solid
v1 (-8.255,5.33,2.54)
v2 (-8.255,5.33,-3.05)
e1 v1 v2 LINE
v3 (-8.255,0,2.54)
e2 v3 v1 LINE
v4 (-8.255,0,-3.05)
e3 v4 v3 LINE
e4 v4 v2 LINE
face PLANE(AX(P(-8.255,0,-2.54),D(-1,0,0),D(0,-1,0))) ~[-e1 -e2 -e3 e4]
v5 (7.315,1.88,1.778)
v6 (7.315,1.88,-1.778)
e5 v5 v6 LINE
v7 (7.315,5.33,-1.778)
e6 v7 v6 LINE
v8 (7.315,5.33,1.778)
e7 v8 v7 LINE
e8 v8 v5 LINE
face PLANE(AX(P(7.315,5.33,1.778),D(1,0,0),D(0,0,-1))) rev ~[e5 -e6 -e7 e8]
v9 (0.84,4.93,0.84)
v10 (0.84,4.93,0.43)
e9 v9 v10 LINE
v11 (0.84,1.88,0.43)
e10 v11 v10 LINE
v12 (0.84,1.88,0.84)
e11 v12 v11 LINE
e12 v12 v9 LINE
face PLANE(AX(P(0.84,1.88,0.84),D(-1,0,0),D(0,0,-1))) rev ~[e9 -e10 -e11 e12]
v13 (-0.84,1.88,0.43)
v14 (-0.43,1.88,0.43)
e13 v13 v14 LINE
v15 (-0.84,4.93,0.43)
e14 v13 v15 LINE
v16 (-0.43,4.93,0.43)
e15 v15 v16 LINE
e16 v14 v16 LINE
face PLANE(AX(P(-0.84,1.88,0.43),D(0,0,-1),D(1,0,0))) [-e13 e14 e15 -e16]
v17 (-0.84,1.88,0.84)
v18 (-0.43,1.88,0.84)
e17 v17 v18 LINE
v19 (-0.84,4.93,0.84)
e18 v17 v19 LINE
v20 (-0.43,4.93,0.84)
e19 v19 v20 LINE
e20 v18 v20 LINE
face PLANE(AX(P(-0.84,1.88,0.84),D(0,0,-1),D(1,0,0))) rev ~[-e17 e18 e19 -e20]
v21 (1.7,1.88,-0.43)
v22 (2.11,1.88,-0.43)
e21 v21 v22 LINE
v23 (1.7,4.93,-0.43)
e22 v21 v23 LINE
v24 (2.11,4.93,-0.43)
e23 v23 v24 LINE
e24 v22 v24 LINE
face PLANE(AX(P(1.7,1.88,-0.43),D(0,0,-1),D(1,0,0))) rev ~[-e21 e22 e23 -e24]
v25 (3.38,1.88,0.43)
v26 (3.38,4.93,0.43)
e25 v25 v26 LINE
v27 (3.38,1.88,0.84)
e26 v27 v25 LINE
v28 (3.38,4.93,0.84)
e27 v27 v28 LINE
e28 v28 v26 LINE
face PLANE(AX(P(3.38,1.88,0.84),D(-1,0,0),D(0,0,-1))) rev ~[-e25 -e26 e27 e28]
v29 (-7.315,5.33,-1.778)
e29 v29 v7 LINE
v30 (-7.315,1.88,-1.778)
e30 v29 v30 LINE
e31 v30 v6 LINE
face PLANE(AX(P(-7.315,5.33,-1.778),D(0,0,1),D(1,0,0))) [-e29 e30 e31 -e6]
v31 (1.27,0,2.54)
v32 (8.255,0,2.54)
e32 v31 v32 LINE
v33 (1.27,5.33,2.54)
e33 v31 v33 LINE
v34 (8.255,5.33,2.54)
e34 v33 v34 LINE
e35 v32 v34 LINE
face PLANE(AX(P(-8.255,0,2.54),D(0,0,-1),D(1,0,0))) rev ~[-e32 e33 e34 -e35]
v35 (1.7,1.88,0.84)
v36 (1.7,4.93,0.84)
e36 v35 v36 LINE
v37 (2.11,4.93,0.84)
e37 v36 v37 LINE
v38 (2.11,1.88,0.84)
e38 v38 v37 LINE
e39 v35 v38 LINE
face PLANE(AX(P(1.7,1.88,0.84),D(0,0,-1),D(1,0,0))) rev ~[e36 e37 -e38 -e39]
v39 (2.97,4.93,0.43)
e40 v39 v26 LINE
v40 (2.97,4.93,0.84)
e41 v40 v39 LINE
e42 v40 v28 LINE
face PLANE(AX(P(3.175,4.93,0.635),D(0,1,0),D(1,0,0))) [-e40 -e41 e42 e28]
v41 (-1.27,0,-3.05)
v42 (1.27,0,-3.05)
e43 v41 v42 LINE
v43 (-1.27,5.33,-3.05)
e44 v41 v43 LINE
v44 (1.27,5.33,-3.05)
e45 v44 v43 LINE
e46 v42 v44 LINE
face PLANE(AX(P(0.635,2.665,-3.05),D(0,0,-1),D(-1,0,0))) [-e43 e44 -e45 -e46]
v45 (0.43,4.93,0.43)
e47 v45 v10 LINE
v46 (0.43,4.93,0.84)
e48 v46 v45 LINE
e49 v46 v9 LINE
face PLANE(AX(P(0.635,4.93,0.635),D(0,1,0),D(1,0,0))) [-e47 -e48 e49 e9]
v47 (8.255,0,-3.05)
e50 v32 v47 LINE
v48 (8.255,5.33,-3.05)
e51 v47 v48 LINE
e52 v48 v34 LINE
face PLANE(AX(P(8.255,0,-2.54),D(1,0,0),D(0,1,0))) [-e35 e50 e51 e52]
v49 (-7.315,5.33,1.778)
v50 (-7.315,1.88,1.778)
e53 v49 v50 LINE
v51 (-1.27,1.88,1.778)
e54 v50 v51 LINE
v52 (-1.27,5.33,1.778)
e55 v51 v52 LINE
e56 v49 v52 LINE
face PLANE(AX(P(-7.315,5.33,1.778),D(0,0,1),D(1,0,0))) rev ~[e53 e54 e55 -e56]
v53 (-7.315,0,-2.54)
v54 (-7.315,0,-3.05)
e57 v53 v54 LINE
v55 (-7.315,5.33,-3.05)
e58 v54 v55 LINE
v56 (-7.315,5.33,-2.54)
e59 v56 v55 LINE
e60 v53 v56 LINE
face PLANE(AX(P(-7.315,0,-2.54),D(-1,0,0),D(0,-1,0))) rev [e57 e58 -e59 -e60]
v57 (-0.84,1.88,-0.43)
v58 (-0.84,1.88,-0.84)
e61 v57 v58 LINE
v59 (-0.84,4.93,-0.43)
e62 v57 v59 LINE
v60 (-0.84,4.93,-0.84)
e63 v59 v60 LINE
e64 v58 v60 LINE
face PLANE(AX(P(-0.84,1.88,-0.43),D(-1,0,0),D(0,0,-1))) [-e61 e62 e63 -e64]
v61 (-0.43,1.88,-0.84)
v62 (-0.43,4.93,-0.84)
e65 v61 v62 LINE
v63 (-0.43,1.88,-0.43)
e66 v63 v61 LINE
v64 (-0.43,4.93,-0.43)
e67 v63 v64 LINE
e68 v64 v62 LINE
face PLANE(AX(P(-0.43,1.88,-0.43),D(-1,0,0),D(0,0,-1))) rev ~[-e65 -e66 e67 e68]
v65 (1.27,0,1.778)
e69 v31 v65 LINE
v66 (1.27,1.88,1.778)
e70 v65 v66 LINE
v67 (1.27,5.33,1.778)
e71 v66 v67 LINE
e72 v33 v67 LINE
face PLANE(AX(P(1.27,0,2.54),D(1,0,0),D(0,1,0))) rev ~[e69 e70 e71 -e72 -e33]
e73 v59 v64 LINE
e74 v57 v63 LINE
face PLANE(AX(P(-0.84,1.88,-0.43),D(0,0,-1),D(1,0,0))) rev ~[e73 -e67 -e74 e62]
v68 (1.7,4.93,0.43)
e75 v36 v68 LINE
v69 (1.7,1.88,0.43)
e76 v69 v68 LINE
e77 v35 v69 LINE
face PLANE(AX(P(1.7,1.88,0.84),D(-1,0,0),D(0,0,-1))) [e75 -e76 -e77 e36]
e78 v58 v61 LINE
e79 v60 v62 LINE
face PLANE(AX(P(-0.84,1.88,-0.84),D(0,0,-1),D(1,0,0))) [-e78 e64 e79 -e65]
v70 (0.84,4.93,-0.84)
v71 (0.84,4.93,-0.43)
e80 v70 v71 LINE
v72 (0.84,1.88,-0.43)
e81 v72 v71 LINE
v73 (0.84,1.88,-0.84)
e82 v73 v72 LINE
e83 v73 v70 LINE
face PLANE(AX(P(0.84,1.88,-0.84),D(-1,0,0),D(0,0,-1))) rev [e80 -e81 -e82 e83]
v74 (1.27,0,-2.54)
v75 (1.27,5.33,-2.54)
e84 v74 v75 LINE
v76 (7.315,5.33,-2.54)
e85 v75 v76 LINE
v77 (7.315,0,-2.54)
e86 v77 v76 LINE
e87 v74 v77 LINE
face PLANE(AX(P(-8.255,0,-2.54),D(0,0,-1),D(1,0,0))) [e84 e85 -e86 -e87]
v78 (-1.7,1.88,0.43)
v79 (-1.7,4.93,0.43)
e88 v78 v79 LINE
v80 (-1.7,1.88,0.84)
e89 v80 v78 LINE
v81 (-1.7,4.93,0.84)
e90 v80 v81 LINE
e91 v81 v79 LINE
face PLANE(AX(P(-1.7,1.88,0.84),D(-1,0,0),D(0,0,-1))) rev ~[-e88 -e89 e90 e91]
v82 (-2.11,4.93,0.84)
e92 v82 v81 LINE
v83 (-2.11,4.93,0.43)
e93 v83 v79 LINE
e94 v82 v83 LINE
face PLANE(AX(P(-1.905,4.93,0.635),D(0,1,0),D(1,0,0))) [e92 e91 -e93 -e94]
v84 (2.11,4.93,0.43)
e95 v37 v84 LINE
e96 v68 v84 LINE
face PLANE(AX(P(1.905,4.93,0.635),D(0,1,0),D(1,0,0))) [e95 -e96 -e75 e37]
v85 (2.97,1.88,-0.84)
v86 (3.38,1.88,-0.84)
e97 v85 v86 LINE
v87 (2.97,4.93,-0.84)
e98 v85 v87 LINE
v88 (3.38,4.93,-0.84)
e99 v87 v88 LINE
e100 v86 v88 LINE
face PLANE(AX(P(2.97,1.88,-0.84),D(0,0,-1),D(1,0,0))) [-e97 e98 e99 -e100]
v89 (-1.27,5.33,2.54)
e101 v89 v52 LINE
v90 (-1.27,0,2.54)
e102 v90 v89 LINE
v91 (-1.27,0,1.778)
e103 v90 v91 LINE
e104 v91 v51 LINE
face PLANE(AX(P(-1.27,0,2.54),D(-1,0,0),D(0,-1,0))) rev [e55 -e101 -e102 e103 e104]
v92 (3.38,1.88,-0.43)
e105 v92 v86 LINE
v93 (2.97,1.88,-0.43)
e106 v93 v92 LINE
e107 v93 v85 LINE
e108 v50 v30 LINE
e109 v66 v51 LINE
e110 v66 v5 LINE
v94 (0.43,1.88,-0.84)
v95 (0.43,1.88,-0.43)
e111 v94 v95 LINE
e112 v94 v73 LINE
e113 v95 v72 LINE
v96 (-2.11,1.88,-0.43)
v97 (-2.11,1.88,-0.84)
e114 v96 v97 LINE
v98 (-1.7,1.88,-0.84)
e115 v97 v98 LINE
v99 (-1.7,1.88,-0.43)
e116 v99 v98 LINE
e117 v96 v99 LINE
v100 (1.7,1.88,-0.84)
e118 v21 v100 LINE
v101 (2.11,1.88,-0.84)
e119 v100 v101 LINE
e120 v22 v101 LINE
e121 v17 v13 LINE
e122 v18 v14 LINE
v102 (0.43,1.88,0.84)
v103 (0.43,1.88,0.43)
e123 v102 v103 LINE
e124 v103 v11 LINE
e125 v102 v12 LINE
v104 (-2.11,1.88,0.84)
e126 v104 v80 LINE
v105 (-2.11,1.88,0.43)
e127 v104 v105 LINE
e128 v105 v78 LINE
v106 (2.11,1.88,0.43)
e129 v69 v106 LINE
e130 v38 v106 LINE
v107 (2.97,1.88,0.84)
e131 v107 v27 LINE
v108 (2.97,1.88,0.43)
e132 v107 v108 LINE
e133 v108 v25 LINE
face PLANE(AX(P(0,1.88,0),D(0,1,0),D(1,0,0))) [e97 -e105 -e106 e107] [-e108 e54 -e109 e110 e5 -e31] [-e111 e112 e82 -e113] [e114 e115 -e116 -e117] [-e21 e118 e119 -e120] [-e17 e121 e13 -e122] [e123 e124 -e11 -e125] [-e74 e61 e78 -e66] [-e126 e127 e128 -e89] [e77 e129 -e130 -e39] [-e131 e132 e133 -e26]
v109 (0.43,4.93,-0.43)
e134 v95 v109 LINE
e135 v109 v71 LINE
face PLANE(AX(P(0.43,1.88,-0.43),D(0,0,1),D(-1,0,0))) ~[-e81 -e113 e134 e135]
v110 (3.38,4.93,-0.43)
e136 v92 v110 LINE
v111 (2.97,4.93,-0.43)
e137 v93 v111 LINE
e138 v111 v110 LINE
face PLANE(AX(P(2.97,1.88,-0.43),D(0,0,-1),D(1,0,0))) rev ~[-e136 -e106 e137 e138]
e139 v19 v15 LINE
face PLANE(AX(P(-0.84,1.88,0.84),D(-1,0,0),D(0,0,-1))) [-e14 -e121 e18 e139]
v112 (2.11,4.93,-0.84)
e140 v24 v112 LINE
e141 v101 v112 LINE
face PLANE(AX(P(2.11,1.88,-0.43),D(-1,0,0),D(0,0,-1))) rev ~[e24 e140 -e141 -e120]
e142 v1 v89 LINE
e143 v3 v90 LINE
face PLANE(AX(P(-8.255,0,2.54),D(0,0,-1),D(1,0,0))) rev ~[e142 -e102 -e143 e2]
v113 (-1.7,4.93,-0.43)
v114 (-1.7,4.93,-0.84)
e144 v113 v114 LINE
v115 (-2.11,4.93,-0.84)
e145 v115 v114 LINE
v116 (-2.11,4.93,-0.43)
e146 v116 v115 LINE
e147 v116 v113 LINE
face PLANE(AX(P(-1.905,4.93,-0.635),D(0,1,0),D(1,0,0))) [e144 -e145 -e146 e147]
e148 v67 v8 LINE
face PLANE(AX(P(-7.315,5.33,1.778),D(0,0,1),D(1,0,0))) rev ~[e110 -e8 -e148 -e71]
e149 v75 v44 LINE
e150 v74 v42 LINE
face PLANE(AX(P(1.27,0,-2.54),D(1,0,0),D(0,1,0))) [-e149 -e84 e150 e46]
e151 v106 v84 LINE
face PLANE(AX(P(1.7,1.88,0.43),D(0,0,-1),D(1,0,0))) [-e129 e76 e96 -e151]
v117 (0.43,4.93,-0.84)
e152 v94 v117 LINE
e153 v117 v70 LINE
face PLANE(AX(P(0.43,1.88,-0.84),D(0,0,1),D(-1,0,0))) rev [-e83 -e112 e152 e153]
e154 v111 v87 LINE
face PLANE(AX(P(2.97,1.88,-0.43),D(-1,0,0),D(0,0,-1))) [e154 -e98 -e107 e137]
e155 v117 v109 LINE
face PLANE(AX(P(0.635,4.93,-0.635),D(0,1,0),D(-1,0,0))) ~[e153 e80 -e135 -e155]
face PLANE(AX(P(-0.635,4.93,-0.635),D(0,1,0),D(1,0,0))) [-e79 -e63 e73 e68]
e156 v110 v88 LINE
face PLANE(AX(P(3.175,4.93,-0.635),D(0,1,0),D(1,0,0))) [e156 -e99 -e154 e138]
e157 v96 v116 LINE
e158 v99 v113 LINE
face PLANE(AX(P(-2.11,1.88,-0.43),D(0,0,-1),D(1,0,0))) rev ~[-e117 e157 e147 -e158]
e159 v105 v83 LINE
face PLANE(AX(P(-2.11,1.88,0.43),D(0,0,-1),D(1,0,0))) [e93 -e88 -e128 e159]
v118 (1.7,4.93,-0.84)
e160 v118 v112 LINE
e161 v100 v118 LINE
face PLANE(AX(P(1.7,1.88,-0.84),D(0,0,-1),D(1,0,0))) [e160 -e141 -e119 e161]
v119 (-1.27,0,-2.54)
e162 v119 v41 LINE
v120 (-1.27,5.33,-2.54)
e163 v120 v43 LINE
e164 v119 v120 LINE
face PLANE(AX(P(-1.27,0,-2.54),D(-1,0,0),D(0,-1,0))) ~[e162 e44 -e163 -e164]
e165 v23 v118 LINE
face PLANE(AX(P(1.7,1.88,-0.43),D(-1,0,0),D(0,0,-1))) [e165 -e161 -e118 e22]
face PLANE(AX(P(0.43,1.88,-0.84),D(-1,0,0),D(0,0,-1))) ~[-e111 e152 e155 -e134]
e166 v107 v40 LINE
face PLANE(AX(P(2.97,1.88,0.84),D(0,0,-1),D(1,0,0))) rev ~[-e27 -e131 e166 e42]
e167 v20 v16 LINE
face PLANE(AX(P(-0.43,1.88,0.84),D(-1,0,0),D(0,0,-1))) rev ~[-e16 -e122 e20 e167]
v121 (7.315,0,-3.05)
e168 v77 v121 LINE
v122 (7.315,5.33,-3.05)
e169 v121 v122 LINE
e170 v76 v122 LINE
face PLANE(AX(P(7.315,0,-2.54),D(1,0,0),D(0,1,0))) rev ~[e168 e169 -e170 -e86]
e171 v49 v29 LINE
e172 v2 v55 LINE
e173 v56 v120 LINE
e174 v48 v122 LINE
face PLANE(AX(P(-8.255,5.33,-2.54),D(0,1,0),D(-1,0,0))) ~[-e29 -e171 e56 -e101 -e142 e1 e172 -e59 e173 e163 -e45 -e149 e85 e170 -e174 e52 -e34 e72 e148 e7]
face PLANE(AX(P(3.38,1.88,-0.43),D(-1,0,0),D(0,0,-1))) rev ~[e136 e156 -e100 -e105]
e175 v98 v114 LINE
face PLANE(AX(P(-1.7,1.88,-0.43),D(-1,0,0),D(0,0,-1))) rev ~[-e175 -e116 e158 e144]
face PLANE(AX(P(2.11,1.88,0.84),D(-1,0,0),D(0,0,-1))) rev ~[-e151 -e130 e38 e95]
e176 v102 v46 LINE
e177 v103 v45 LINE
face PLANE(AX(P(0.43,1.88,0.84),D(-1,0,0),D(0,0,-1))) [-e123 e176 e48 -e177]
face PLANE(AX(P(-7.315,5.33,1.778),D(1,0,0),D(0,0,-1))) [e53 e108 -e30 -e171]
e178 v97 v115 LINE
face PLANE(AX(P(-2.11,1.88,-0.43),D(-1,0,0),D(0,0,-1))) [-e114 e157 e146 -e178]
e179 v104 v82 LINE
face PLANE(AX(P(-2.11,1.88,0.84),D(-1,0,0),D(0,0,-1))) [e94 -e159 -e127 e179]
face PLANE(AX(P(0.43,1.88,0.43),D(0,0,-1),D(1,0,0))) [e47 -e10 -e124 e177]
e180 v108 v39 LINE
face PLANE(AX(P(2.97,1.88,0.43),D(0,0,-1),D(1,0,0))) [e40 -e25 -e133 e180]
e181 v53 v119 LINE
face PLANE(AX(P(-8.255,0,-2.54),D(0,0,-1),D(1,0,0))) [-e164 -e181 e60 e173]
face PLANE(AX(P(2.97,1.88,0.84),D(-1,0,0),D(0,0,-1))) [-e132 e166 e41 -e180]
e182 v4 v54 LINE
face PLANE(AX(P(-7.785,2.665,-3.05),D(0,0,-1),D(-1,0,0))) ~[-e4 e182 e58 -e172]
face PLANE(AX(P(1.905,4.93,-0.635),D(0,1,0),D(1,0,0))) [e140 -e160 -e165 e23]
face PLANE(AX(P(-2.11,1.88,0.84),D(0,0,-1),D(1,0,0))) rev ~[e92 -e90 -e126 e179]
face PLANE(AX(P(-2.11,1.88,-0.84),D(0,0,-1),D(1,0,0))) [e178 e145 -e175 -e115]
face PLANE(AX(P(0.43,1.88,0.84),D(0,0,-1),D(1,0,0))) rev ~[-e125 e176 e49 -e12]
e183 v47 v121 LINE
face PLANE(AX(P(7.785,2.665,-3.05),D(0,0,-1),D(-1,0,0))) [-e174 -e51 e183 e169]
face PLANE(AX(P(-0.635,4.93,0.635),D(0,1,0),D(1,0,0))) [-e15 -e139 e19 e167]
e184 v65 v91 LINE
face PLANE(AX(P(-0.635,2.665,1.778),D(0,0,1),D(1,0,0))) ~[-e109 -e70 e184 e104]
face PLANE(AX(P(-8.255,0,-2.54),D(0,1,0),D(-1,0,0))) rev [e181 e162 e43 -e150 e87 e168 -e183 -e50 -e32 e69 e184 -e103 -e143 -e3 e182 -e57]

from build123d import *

# Parameters (mm, degrees)
SKETCH1_W               = 16.51
SKETCH1_H               = 5.08
BOSS_EXTRUDE1_DEPTH     = 5.33
SKETCH2_W               = 14.63
SKETCH2_H               = 3.556
CUT_EXTRUDE1_DEPTH      = 3.45
SKETCH4_W               = 0.94
SKETCH4_H               = 5.33
SKETCH4_W_2             = 1.27
BOSS_EXTRUDE2_DEPTH     = 0.51
SKETCH5_W               = 1.27
SKETCH5_H               = 5.33
CUT_EXTRUDE2_DEPTH      = 0.762
SKETCH6_W               = 0.41
SKETCH6_H               = 0.41
BOSS_EXTRUDE3_DEPTH     = 3.05
LPATTERN1_COUNT         = 3
LPATTERN1_PITCH         = 1.27
LPATTERN1_COL_COUNT     = 3
LPATTERN1_COL_PITCH     = 1.27
MIRROR2_COPY_1_SKETCH_W = 0.41
MIRROR2_COPY_1_SKETCH_H = 0.41
MIRROR2_COPY_1_DEPTH    = 3.05
MIRROR2_COPY_2_SKETCH_W = 0.41
MIRROR2_COPY_2_SKETCH_H = 0.41
MIRROR2_COPY_2_DEPTH    = 3.05
MIRROR2_COPY_3_SKETCH_W = 0.41
MIRROR2_COPY_3_SKETCH_H = 0.41
MIRROR2_COPY_3_DEPTH    = 3.05
MIRROR2_COPY_4_SKETCH_W = 0.41
MIRROR2_COPY_4_SKETCH_H = 0.41
MIRROR2_COPY_4_DEPTH    = 3.05


with BuildPart() as part:
    # Sketch1 → Boss-Extrude1 (new body)
    with BuildSketch(Plane(origin=(0, 0, 0), x_dir=(1, 0, 0), z_dir=(0, 1, 0))):
        Rectangle(SKETCH1_W, SKETCH1_H)
    extrude(amount=BOSS_EXTRUDE1_DEPTH)

    # Sketch2 → Cut-Extrude1 (cut)
    with BuildSketch(Plane(origin=(0, 5.33, 0), x_dir=(1, 0, 0), z_dir=(0, 1, 0))):
        Rectangle(SKETCH2_W, SKETCH2_H)
    cut_extrude1 = extrude(amount=-CUT_EXTRUDE1_DEPTH, mode=Mode.SUBTRACT)

    # Sketch4 → Boss-Extrude2 (add)
    with BuildSketch(Plane(origin=(0, 0, -2.54), x_dir=(-1, 0, 0), z_dir=(0, 0, -1))):
        with Locations((-7.785, 2.665)):
            Rectangle(SKETCH4_W, SKETCH4_H)
        with Locations((-0.635, 2.665)):
            Rectangle(SKETCH4_W_2, SKETCH4_H)
    boss_extrude2 = extrude(amount=BOSS_EXTRUDE2_DEPTH)

    # Sketch5 → Cut-Extrude2 (cut)
    with BuildSketch(Plane.XY.offset(2.54)):
        with Locations((0.635, 2.665)):
            Rectangle(SKETCH5_W, SKETCH5_H)
    cut_extrude2 = extrude(amount=-CUT_EXTRUDE2_DEPTH, mode=Mode.SUBTRACT)

    # Mirror1: Cut-Extrude1, Boss-Extrude2, Cut-Extrude2 across plane
    add(cut_extrude1.mirror(Plane(origin=(0, 0, 0), x_dir=(0, 0, 1), z_dir=(1, 0, 0))), mode=Mode.SUBTRACT)
    add(boss_extrude2.mirror(Plane(origin=(0, 0, 0), x_dir=(0, 0, 1), z_dir=(1, 0, 0))))
    add(cut_extrude2.mirror(Plane(origin=(0, 0, 0), x_dir=(0, 0, 1), z_dir=(1, 0, 0))), mode=Mode.SUBTRACT)

    # Sketch6 → Boss-Extrude3 (add)
    with BuildSketch(Plane(origin=(0, 1.88, 0), x_dir=(1, 0, 0), z_dir=(0, 1, 0))):
        with Locations((0.635, -0.635)):
            Rectangle(SKETCH6_W, SKETCH6_H)
    boss_extrude3 = extrude(amount=BOSS_EXTRUDE3_DEPTH)

    # LPattern1: Boss-Extrude3 ×3
    with Locations(*[(i * LPATTERN1_PITCH, 0, 0) for i in range(1, LPATTERN1_COUNT)]):
        add(boss_extrude3)

    # LPattern1 col: Boss-Extrude3 ×3
    with Locations(*[(-i * LPATTERN1_COL_PITCH, 0, 0) for i in range(1, LPATTERN1_COL_COUNT)]):
        add(boss_extrude3)

    # Mirror2: Boss-Extrude3 across plane
    add(boss_extrude3.mirror(Plane.XY))

    # Mirror2 copy 1 sketch → Mirror2 copy 1 (add)
    with BuildSketch(Plane(origin=(1.27, 1.88, 0), x_dir=(1, 0, 0), z_dir=(0, 1, 0))):
        with Locations((0.635, 0.635)):
            Rectangle(MIRROR2_COPY_1_SKETCH_W, MIRROR2_COPY_1_SKETCH_H)
    extrude(amount=MIRROR2_COPY_1_DEPTH)

    # Mirror2 copy 2 sketch → Mirror2 copy 2 (add)
    with BuildSketch(Plane(origin=(2.54, 1.88, 0), x_dir=(1, 0, 0), z_dir=(0, 1, 0))):
        with Locations((0.635, 0.635)):
            Rectangle(MIRROR2_COPY_2_SKETCH_W, MIRROR2_COPY_2_SKETCH_H)
    extrude(amount=MIRROR2_COPY_2_DEPTH)

    # Mirror2 copy 3 sketch → Mirror2 copy 3 (add)
    with BuildSketch(Plane(origin=(-1.27, 1.88, 0), x_dir=(1, 0, 0), z_dir=(0, 1, 0))):
        with Locations((0.635, 0.635)):
            Rectangle(MIRROR2_COPY_3_SKETCH_W, MIRROR2_COPY_3_SKETCH_H)
    extrude(amount=MIRROR2_COPY_3_DEPTH)

    # Mirror2 copy 4 sketch → Mirror2 copy 4 (add)
    with BuildSketch(Plane(origin=(-2.54, 1.88, 0), x_dir=(1, 0, 0), z_dir=(0, 1, 0))):
        with Locations((0.635, 0.635)):
            Rectangle(MIRROR2_COPY_4_SKETCH_W, MIRROR2_COPY_4_SKETCH_H)
    extrude(amount=MIRROR2_COPY_4_DEPTH)


solid = part.part
